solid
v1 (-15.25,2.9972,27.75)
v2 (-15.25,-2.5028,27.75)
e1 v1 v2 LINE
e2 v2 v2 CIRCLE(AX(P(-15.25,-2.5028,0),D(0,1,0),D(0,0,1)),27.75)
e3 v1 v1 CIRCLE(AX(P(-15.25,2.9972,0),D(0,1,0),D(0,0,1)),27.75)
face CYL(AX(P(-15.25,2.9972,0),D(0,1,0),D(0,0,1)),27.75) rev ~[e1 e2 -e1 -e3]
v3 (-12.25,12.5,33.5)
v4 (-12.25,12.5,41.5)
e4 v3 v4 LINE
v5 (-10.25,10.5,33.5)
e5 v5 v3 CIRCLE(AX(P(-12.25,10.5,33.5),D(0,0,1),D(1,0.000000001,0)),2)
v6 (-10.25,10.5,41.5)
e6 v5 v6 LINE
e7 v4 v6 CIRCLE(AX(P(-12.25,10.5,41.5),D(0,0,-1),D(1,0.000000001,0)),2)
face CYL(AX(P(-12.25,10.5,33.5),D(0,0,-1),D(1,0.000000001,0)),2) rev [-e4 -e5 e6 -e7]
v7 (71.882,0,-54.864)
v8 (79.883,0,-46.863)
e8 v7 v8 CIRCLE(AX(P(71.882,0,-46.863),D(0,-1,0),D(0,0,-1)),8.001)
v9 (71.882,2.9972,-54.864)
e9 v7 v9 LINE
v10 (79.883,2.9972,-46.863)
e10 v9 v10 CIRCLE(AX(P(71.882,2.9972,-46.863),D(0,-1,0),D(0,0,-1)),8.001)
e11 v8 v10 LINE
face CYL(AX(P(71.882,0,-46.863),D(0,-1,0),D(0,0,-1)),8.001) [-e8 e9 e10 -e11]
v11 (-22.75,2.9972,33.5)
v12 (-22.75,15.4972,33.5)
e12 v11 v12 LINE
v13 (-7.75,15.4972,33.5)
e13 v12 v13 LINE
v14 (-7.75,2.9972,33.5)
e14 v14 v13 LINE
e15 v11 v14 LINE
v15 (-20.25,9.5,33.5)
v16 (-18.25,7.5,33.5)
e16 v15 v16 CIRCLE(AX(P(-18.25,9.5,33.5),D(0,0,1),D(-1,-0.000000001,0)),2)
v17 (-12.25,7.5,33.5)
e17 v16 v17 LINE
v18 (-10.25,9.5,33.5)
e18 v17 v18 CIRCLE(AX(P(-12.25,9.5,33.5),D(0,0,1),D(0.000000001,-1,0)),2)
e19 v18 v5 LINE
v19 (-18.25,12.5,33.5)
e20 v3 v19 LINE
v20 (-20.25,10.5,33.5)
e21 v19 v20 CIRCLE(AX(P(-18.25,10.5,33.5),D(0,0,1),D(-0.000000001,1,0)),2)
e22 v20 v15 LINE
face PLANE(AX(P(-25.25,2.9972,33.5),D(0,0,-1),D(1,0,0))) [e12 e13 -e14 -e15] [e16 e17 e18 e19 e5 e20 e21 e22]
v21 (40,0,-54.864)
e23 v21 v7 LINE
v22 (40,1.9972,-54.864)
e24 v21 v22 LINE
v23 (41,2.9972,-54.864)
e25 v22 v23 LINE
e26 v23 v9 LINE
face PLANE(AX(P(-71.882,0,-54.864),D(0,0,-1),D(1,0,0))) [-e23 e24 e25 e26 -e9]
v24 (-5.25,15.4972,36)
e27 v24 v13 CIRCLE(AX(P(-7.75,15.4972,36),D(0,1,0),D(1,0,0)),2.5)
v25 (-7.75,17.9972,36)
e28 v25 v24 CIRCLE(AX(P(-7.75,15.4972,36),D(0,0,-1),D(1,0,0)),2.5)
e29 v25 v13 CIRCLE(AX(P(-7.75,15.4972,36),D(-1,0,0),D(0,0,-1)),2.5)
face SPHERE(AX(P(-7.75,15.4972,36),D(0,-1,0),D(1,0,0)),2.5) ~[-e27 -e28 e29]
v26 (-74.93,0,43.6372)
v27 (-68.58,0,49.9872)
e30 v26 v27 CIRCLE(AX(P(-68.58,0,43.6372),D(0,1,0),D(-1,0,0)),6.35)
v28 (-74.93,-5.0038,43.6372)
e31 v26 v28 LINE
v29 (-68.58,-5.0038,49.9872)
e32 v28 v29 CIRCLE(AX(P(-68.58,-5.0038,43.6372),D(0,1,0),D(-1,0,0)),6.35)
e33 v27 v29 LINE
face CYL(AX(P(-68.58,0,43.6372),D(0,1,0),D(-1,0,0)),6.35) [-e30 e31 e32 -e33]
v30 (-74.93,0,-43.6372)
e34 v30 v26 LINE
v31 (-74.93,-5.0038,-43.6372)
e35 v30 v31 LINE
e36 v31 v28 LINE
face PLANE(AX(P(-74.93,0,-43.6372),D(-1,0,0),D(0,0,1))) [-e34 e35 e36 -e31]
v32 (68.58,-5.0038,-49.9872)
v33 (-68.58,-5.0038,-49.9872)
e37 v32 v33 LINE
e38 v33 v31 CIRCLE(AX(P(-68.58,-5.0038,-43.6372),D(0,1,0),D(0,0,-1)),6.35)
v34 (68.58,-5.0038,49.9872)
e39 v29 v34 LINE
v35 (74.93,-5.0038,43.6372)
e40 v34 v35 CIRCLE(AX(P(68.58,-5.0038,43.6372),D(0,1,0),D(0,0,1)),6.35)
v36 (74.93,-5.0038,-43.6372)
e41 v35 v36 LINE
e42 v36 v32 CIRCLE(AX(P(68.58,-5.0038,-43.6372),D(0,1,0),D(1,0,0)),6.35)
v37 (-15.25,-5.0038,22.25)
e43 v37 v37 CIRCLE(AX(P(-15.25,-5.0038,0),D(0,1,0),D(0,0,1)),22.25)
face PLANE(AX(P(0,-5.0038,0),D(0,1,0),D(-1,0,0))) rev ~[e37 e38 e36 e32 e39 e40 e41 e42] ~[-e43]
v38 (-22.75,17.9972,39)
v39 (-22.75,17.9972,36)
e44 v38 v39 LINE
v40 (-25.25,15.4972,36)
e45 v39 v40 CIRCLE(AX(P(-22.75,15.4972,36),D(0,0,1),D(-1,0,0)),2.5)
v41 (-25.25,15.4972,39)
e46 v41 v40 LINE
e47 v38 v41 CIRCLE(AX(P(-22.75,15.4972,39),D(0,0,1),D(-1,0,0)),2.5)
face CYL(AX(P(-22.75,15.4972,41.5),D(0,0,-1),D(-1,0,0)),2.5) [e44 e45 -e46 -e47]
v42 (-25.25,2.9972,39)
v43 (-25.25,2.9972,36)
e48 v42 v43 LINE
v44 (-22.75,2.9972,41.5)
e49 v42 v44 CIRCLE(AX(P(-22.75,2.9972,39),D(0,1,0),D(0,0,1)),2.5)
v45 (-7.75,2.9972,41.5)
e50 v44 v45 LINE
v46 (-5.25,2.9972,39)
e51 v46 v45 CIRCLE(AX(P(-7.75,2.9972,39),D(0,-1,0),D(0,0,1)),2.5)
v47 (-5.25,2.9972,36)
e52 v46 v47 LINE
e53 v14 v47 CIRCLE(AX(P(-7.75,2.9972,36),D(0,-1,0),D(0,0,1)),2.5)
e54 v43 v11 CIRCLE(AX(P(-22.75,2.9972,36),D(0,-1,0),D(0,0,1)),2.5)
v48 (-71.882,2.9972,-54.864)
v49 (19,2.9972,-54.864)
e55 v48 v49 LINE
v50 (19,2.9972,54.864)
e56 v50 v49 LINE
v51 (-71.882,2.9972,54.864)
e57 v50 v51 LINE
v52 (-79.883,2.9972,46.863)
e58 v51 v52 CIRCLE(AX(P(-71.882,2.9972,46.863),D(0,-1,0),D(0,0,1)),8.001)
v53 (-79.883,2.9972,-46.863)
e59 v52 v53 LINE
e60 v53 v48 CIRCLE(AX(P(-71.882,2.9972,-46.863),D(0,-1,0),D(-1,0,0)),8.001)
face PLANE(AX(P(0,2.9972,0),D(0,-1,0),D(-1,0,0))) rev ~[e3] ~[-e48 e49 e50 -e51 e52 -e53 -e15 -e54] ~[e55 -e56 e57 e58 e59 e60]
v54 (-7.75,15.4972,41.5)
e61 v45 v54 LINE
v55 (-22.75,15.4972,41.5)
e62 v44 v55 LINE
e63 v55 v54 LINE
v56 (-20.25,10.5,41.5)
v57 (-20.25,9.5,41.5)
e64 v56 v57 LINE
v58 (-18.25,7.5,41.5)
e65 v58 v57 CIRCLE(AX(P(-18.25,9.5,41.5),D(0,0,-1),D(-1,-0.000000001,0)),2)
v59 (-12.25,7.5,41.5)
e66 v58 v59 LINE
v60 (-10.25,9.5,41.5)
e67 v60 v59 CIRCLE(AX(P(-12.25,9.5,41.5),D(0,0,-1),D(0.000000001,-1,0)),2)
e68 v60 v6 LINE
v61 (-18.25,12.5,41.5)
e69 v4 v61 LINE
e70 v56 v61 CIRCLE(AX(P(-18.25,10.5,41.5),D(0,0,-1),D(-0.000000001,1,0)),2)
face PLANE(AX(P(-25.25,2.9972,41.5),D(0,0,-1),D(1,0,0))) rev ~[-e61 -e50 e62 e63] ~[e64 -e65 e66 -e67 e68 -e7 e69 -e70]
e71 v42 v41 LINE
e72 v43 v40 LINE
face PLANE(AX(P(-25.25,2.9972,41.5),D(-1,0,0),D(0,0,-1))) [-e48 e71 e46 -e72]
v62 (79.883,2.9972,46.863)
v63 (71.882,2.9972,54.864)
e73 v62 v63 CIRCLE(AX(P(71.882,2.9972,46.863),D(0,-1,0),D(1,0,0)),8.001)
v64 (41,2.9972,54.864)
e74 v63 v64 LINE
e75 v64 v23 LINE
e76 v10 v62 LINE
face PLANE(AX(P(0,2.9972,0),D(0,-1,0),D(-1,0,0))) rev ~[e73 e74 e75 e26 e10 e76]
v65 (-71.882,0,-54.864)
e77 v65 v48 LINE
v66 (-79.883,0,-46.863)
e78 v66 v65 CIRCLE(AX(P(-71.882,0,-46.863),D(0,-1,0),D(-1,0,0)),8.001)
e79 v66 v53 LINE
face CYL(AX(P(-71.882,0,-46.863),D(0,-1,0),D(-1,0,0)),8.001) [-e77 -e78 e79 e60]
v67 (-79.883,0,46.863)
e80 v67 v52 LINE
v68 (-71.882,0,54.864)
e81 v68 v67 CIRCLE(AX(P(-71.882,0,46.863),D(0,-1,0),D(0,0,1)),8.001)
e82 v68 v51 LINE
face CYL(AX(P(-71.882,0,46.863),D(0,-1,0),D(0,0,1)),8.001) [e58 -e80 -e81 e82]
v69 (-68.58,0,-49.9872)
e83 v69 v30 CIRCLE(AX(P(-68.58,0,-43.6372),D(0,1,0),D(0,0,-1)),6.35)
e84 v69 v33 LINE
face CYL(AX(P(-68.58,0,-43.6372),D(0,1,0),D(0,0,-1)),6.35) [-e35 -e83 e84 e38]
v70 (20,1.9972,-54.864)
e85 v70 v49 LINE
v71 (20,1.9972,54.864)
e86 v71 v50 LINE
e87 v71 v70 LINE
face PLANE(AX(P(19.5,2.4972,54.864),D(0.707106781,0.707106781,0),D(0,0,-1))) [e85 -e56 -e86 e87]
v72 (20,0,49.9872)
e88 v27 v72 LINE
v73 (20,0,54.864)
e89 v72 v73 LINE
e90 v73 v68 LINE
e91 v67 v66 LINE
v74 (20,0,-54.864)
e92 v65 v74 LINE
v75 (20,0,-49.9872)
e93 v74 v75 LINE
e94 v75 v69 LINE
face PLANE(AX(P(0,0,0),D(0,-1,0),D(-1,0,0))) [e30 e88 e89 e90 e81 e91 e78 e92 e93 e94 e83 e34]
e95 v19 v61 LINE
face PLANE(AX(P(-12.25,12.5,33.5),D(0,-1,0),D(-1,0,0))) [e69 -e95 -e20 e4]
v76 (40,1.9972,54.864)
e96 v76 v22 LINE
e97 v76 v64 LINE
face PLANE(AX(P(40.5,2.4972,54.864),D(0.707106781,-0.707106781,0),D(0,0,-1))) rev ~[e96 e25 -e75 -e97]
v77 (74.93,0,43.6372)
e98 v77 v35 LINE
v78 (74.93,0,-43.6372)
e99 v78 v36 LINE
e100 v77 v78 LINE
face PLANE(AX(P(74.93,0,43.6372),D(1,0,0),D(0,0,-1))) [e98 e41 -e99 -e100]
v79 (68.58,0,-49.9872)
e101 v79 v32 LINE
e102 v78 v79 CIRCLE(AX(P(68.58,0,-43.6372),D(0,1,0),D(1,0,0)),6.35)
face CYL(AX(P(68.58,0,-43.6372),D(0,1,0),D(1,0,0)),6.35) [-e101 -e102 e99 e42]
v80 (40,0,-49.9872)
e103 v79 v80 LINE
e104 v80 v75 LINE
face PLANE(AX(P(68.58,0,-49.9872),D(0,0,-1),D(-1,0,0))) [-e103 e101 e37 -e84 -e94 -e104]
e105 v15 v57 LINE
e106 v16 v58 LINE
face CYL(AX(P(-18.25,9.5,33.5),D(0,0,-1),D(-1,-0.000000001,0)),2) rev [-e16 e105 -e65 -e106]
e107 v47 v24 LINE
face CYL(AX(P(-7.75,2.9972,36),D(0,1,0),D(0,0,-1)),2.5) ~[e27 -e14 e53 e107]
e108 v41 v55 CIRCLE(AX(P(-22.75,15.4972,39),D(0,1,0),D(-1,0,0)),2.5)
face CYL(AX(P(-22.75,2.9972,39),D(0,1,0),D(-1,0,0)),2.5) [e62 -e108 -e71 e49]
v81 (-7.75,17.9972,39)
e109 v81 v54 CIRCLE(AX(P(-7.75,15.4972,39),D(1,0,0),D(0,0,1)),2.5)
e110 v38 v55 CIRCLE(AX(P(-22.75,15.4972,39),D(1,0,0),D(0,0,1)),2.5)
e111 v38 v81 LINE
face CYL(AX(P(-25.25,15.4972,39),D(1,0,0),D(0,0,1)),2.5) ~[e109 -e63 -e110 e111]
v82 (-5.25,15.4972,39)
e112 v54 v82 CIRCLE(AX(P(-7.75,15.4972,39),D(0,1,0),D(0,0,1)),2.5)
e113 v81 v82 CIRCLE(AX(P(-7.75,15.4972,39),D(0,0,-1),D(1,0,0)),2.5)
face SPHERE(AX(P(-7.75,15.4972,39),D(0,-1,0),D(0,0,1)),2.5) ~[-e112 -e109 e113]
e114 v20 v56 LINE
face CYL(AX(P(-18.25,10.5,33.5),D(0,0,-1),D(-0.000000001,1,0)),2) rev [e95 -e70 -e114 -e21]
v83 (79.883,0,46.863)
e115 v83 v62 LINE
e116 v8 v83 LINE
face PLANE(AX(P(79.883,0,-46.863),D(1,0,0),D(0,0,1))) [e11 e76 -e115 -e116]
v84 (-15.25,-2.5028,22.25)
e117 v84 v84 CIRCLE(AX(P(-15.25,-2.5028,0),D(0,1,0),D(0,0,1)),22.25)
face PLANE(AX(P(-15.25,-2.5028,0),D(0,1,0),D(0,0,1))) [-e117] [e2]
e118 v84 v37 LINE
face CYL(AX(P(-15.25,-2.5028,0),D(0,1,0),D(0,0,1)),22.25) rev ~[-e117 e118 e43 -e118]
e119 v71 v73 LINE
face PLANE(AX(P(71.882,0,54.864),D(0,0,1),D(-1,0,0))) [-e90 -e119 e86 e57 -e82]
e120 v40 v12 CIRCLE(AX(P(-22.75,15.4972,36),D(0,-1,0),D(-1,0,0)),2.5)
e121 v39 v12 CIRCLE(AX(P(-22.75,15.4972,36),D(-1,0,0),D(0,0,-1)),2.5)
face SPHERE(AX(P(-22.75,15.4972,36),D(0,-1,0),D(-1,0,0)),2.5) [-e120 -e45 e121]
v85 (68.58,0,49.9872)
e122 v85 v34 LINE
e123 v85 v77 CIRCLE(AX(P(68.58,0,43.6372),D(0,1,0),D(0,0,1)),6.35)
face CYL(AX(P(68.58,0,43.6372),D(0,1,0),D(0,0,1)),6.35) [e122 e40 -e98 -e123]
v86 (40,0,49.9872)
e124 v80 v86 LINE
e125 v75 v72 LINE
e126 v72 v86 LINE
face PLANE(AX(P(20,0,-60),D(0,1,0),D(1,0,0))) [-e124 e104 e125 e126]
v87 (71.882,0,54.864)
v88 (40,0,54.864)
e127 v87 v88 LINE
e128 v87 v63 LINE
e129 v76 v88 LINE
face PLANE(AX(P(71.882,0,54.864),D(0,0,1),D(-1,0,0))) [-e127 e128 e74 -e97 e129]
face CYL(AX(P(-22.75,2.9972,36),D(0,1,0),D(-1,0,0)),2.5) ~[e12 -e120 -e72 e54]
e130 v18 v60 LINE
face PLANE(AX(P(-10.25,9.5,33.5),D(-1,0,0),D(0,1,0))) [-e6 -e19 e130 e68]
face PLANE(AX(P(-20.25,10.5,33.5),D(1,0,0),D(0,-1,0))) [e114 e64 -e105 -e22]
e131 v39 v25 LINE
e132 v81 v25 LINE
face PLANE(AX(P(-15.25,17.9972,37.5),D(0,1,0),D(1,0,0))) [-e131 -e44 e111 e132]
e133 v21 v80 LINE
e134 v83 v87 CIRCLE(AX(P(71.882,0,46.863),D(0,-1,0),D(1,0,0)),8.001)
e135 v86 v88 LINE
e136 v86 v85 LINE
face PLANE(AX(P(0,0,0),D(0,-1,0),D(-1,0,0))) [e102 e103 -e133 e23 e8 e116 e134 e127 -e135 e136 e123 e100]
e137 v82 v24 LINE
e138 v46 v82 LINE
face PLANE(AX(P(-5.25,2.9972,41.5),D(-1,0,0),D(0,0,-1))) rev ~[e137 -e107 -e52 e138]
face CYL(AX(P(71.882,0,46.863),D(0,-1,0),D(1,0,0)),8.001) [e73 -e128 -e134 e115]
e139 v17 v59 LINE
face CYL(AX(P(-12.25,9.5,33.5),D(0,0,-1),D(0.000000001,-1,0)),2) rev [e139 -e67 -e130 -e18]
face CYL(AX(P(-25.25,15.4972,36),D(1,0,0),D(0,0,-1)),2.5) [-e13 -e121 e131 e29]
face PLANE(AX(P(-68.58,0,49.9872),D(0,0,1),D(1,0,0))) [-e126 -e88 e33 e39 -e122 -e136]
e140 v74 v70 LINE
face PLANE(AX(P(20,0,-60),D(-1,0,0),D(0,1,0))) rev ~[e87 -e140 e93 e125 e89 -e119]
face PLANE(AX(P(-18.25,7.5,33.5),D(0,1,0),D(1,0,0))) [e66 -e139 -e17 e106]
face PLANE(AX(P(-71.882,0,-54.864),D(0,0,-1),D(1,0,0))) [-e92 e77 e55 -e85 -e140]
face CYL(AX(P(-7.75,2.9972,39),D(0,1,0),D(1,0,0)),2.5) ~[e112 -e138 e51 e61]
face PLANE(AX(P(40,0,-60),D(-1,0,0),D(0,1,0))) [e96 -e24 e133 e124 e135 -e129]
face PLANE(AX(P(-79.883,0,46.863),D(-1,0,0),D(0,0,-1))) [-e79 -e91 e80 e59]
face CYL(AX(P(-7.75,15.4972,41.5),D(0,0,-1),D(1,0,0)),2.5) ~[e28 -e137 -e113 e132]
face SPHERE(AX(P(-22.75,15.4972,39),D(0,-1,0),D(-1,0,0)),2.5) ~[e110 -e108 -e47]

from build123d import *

# Parameters (mm, degrees)
EXTRUDE1_DEPTH          = 2.9972
EXTRUDE2_DEPTH          = 5.0038
SKETCH3_R               = 27.75
EXTRUDE3_DEPTH          = 5.5
SKETCH5_R               = 22.25
EXTRUDE4_DEPTH          = 98.06493798
CUT_EXTRUDE1_DEPTH      = 60
CUT_EXTRUDE1_DEPTH_BACK = 60
SKETCH6_W               = 20
SKETCH6_H               = 3
CHAMFER1_SIZE           = 1
SKETCH7_W               = 20
SKETCH7_H               = 8
BOSS_EXTRUDE1_DEPTH     = 15
FILLET1_R               = 2.5
CUT_EXTRUDE2_DEPTH      = 15


with BuildPart() as part:
    # Sketch1 → Extrude1 (new body)
    with BuildSketch(Plane(origin=(0, 0, 0), x_dir=(1, 0, 0), z_dir=(0, 1, 0))):
        with BuildLine():
            Line((-71.882, 54.864), (71.882, 54.864))
            ThreePointArc((71.882, 54.864), (77.539561356, 52.520561356), (79.883, 46.863))
            Line((79.883, 46.863), (79.883, -46.863))
            ThreePointArc((79.883, -46.863), (77.539561356, -52.520561356), (71.882, -54.864))
            Line((71.882, -54.864), (-71.882, -54.864))
            ThreePointArc((-71.882, -54.864), (-77.539561356, -52.520561356), (-79.883, -46.863))
            Line((-79.883, -46.863), (-79.883, 46.863))
            ThreePointArc((-79.883, 46.863), (-77.539561356, 52.520561356), (-71.882, 54.864))
        make_face()
    extrude(amount=EXTRUDE1_DEPTH)

    # Sketch2 → Extrude2 (add)
    with BuildSketch(Plane.XZ):
        with BuildLine():
            Line((68.58, -49.9872), (-68.58, -49.9872))
            ThreePointArc((-68.58, -49.9872), (-73.070128061, -48.127328061), (-74.93, -43.6372))
            Line((-74.93, -43.6372), (-74.93, 43.6372))
            ThreePointArc((-74.93, 43.6372), (-73.070128061, 48.127328061), (-68.58, 49.9872))
            Line((-68.58, 49.9872), (68.58, 49.9872))
            ThreePointArc((68.58, 49.9872), (73.070128061, 48.127328061), (74.93, 43.6372))
            Line((74.93, 43.6372), (74.93, -43.6372))
            ThreePointArc((74.93, -43.6372), (73.070128061, -48.127328061), (68.58, -49.9872))
        make_face()
    extrude(amount=EXTRUDE2_DEPTH)

    # Sketch3 → Extrude3 (cut)
    with BuildSketch(Plane(origin=(0, 2.9972, 0), x_dir=(1, 0, 0), z_dir=(0, 1, 0))):
        with Locations(Location((-15.25, 0, 0), (0, 0, 270))):
            Circle(SKETCH3_R)
    extrude(amount=-EXTRUDE3_DEPTH, mode=Mode.SUBTRACT)

    # Sketch5 → Extrude4 (cut, through all)
    with BuildSketch(Plane(origin=(0, -2.5028, 0), x_dir=(1, 0, 0), z_dir=(0, 1, 0))):
        with Locations(Location((-15.25, 0, 0), (0, 0, 270))):
            Circle(SKETCH5_R)
    extrude(amount=-EXTRUDE4_DEPTH, mode=Mode.SUBTRACT)

    # Sketch6 → Cut-Extrude1 (cut, two sides: drawn at the far end of the back side and taken through both)
    with BuildSketch(Plane.XY.offset(-CUT_EXTRUDE1_DEPTH_BACK)):
        with Locations((30, 1.5)):
            Rectangle(SKETCH6_W, SKETCH6_H)
    extrude(amount=CUT_EXTRUDE1_DEPTH + CUT_EXTRUDE1_DEPTH_BACK, mode=Mode.SUBTRACT)

    # Chamfer1
    chamfer1_edges = [part.edges().sort_by_distance(p)[0] for p in [
        (20, 2.9972, 0),
        (40, 2.9972, 0),
    ]]
    chamfer(chamfer1_edges, length=CHAMFER1_SIZE)

    # Sketch7 → Boss-Extrude1 (add)
    with BuildSketch(Plane(origin=(0, 2.9972, 0), x_dir=(1, 0, 0), z_dir=(0, 1, 0))):
        with Locations((-15.25, -37.5)):
            Rectangle(SKETCH7_W, SKETCH7_H)
    extrude(amount=BOSS_EXTRUDE1_DEPTH)

    # Fillet1
    fillet1_edges = [part.edges().sort_by_distance(p)[0] for p in [
        (-25.25, 10.4972, 33.5),
        (-25.25, 10.4972, 41.5),
        (-5.25, 10.4972, 41.5),
        (-5.25, 10.4972, 33.5),
        (-25.25, 17.9972, 37.5),
        (-15.25, 17.9972, 41.5),
        (-5.25, 17.9972, 37.5),
        (-15.25, 17.9972, 33.5),
    ]]
    fillet(fillet1_edges, radius=FILLET1_R)

    # Sketch8 → Cut-Extrude2 (cut)
    with BuildSketch(Plane(origin=(0, 0, 33.5), x_dir=(-1, 0, 0), z_dir=(0, 0, -1))):
        with BuildLine():
            Line((12.25, 12.5), (18.25, 12.5))
            ThreePointArc((18.25, 12.5), (19.664213562, 11.914213562), (20.25, 10.5))
            Line((20.25, 10.5), (20.25, 9.5))
            ThreePointArc((20.25, 9.5), (19.664213562, 8.085786438), (18.25, 7.5))
            Line((18.25, 7.5), (12.25, 7.5))
            ThreePointArc((12.25, 7.5), (10.835786438, 8.085786438), (10.25, 9.5))
            Line((10.25, 9.5), (10.25, 10.5))
            ThreePointArc((10.25, 10.5), (10.835786438, 11.914213562), (12.25, 12.5))
        make_face()
    extrude(amount=-CUT_EXTRUDE2_DEPTH, mode=Mode.SUBTRACT)


solid = part.part
